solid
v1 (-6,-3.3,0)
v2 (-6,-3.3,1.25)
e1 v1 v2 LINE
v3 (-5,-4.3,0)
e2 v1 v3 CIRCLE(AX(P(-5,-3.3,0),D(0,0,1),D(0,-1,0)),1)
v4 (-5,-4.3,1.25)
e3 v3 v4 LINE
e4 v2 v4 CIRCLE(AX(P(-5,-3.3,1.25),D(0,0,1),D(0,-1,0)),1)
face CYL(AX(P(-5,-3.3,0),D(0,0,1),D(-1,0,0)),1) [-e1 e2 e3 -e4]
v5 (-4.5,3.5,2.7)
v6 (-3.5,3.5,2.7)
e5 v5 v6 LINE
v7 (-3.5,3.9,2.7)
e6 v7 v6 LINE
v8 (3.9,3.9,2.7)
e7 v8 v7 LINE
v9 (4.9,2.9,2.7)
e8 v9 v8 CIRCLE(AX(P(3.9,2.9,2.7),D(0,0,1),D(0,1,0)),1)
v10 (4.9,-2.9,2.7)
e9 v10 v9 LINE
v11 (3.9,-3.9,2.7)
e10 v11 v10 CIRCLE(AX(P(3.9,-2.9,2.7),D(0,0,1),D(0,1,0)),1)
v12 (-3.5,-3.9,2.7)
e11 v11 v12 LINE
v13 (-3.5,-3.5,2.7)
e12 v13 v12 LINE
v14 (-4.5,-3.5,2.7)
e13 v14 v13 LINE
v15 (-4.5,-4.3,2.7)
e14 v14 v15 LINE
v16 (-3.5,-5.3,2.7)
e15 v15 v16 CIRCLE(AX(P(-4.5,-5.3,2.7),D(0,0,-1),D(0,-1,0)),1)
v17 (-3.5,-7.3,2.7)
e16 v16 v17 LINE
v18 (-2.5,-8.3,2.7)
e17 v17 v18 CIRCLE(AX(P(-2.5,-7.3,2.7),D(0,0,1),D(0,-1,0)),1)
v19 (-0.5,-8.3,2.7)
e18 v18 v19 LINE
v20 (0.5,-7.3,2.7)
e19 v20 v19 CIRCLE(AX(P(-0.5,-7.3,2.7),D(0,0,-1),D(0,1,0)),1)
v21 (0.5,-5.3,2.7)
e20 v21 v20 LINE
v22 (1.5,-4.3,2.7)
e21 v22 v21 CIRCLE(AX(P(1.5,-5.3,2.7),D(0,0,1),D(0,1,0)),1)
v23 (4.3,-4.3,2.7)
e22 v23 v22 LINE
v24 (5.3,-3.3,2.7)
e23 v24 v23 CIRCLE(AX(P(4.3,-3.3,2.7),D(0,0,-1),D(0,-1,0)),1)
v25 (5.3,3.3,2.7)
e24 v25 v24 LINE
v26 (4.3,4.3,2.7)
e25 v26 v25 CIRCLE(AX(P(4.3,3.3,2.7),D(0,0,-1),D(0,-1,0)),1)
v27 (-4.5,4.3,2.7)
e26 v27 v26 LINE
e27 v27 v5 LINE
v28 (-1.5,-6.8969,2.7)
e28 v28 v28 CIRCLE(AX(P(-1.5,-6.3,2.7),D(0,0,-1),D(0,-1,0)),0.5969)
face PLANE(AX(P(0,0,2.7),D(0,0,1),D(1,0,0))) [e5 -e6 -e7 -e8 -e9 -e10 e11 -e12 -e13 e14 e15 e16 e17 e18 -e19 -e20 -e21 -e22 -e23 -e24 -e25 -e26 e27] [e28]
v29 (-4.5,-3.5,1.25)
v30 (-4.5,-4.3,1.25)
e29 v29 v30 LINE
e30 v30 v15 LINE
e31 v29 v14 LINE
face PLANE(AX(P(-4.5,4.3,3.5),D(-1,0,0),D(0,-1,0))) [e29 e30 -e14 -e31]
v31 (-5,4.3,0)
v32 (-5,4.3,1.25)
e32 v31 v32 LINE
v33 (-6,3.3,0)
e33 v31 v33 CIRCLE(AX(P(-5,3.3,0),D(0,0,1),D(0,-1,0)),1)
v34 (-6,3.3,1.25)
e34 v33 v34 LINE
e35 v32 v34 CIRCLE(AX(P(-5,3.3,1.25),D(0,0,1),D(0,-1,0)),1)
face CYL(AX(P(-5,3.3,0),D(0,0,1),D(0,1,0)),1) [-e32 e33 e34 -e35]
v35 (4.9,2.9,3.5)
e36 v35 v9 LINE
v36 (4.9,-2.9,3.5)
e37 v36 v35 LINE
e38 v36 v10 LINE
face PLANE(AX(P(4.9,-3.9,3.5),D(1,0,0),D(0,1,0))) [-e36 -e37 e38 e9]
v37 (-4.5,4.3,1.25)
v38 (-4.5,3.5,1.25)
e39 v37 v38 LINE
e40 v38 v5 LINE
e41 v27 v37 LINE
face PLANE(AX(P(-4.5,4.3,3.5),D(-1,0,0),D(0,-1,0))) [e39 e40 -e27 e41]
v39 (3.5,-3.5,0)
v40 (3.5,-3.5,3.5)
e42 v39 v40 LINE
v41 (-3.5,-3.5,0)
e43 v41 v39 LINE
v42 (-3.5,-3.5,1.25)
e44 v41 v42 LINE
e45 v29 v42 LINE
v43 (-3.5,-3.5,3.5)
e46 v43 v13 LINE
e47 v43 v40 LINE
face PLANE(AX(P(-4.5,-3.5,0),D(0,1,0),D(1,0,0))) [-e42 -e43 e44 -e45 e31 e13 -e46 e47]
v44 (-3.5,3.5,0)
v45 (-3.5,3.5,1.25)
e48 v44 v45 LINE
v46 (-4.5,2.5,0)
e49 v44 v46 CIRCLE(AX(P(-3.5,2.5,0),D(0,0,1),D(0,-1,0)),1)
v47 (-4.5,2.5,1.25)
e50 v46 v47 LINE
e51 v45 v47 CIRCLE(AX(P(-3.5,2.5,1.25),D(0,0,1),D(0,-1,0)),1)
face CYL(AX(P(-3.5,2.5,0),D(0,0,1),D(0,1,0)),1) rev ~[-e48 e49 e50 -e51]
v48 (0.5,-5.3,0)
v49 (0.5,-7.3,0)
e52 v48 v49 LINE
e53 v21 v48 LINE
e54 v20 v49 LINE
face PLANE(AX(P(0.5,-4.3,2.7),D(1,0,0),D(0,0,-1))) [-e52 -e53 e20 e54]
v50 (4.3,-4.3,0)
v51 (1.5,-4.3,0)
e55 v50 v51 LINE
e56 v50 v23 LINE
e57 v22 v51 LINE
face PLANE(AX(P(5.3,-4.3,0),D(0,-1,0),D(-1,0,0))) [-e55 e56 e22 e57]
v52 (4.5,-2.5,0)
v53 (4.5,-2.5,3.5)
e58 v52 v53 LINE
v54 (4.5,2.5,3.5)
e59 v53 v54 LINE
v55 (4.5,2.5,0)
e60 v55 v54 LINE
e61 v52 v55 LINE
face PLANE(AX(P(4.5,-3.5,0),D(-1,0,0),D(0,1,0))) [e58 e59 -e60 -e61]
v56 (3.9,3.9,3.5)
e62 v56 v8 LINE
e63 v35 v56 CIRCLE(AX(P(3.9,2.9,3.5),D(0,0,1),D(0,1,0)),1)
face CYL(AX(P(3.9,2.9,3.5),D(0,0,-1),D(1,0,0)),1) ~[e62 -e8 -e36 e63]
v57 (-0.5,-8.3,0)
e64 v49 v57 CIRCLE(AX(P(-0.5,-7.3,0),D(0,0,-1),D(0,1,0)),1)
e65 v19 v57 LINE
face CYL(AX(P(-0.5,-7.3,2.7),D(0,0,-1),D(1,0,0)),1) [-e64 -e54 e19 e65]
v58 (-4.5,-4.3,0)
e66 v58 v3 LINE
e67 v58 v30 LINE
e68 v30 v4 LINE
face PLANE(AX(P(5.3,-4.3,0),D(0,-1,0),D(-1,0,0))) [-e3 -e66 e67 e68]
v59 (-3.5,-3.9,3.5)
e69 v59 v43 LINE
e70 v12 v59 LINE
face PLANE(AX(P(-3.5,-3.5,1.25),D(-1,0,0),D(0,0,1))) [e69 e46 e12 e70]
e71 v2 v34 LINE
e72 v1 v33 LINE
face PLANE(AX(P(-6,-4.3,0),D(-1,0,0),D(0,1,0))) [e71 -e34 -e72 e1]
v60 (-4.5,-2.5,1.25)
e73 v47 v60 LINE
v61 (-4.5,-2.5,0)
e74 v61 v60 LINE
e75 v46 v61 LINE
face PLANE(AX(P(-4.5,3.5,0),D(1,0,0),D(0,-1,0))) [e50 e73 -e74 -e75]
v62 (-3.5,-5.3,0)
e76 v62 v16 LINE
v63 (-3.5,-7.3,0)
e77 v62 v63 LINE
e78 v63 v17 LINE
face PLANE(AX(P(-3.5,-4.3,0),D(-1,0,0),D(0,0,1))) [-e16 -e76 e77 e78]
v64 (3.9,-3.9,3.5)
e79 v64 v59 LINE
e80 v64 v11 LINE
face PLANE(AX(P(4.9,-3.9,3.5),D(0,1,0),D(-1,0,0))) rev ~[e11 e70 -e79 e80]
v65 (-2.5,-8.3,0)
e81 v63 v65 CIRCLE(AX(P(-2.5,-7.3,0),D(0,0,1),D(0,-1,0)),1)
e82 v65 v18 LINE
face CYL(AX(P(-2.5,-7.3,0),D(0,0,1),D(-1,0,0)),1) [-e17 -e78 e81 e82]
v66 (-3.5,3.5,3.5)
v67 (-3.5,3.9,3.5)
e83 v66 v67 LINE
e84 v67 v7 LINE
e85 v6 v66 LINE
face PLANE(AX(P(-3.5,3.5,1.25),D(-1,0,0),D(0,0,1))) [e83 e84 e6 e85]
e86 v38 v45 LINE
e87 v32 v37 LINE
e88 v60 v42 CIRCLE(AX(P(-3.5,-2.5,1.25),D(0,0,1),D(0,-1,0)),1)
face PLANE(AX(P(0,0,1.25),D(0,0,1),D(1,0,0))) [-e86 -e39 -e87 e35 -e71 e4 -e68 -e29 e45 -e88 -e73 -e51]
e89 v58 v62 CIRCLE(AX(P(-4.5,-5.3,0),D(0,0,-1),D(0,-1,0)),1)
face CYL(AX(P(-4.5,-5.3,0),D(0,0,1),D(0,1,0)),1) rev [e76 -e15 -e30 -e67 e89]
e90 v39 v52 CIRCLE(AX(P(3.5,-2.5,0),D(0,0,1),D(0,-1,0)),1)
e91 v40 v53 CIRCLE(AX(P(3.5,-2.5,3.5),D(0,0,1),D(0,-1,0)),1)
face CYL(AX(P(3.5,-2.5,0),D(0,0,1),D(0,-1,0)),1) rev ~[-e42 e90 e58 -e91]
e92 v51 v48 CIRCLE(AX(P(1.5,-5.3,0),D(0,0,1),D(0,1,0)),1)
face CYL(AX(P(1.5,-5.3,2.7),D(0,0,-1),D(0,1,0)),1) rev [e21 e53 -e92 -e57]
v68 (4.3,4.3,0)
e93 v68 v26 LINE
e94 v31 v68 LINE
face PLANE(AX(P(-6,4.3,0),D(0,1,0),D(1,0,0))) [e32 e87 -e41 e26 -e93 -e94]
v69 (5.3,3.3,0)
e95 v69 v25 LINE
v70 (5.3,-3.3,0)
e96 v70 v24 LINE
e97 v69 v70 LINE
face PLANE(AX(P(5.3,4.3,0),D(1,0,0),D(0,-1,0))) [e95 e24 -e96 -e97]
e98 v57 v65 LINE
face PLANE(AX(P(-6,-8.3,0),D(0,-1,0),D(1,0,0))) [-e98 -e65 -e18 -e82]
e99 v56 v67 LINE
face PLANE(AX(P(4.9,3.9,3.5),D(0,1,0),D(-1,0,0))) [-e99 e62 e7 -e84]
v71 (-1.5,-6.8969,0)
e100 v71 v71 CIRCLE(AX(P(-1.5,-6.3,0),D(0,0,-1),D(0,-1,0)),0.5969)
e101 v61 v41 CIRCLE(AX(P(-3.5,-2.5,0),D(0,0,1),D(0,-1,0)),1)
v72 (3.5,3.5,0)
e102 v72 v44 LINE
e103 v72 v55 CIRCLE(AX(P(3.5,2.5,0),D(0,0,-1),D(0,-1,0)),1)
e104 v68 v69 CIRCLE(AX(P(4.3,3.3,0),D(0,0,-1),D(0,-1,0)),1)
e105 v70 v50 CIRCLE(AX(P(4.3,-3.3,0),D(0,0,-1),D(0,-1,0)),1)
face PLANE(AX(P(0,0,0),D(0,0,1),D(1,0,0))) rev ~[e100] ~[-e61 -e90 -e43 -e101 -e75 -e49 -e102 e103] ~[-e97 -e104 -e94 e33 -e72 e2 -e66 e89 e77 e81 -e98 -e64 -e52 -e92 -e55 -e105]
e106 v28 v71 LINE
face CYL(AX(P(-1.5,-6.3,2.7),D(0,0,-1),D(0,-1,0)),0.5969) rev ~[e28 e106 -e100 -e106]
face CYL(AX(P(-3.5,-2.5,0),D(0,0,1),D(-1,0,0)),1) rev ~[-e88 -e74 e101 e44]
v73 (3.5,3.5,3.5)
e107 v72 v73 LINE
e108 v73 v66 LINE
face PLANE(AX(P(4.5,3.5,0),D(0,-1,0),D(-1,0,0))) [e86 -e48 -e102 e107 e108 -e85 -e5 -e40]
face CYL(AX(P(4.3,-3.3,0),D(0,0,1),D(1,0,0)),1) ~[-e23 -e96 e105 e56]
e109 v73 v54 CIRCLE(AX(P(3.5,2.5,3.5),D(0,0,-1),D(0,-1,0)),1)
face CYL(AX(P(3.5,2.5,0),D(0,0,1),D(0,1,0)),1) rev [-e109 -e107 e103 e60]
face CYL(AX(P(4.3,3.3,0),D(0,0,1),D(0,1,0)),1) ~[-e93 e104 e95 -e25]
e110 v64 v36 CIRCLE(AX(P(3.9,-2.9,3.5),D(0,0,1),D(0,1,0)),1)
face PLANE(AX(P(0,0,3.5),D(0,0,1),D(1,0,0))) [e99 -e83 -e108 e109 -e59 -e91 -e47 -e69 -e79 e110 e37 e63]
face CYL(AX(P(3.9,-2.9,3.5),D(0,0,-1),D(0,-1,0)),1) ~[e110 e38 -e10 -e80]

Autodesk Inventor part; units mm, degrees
ref_plane "YZ Plane" through (0, 0, 0) normal (1, 0, 0) x (0, 1, 0)
ref_plane "XZ Plane" through (0, 0, 0) normal (0, 1, 0) x (-1, 0, 0)
ref_plane "XY Plane" through (0, 0, 0) normal (0, 0, 1) x (1, 0, 0)
sketch "Sketch1" plane through (0, 0, 0) normal (0, 0, 1) x (1, 0, 0)
  circle A0 centre (0, 0) radius 3.5 construction
  circle A1 centre (0, 0) radius 4.5 construction
  line L0 (0, 0) -> (4.5, 0) construction
  line L1 (4.5, 0) -> (4.5, 3.5) construction
  line L2 (4.5, 3.5) -> (0, 3.5) construction
  line L3 (0, 3.5) -> (0, 0) construction
  line L4 (4.5, 3.5) -> (-4.5, 3.5)
  line L5 (-4.5, 3.5) -> (-4.5, -3.5)
  line L6 (-4.5, -3.5) -> (4.5, -3.5)
  line L7 (4.5, -3.5) -> (4.5, 3.5)
  line L8 (-4.5, 3.5) -> (-6, 3.5) construction
  line L9 (-6, 3.5) -> (-6, -3.5) construction
  line L10 (-6, -3.5) -> (-4.5, -3.5) construction
  line L11 (-4.5, -3.5) -> (-4.5, 3.5) construction
  line L12 (-6, 3.5) -> (4.5, 3.5) construction
  line L13 (4.5, 3.5) -> (4.5, 4.3) construction
  line L14 (4.5, 4.3) -> (-6, 4.3) construction
  line L15 (-6, 4.3) -> (-6, 3.5) construction
  line L16 (-6, -3.5) -> (4.5, -3.5) construction
  line L17 (4.5, -3.5) -> (4.5, -4.3) construction
  line L18 (4.5, -4.3) -> (-6, -4.3) construction
  line L19 (-6, -4.3) -> (-6, -3.5) construction
  line L20 (4.5, -4.3) -> (5.3, -4.3) construction
  line L21 (5.3, -4.3) -> (5.3, 4.3) construction
  line L22 (5.3, 4.3) -> (4.5, 4.3) construction
  line L23 (4.5, 4.3) -> (4.5, -4.3) construction
  line L24 (-6, 4.3) -> (5.3, 4.3)
  line L25 (5.3, 4.3) -> (5.3, -4.3)
  line L26 (5.3, -4.3) -> (-6, -4.3)
  line L27 (-6, -4.3) -> (-6, 4.3)
  dimension "d0" = 7
  dimension "d1" = 9
  dimension "d2" = 4.5
  dimension "d3" = 3.5
  dimension "d4" = 1.5
  dimension "d5" = 0.8
  dimension "d6" = 0.8
  dimension "d7" = 0.8
extrude "Extrusion1" add sketch "Sketch1" along normal blind 3.5
sketch "Sketch2" plane through (0, 0, 3.5) normal (0, 0, 1) x (1, 0, 0)
  line L0 (5.3, -4.3) -> (-6, -4.3) projected
  line L1 (-6, 4.3) -> (-4.5, 4.3)
  line L2 (-4.5, 4.3) -> (-4.5, -4.3)
  line L3 (-4.5, -4.3) -> (-6, -4.3)
  line L4 (-6, -4.3) -> (-6, 4.3)
  point P0 (0, 0)
extrude "Extrusion2" cut sketch "Sketch2" against normal blind 2.25
sketch "Sketch3" plane through (0, 0, 3.5) normal (0, 0, 1) x (1, 0, 0)
  line L0 (-4.5, -3.5) -> (-4.5, -4.3) projected
  line L1 (5.3, -4.3) -> (-4.5, -4.3) projected
  line L2 (5.3, 4.3) -> (5.3, -4.3) projected
  line L3 (-4.5, 4.3) -> (5.3, 4.3) construction
  line L4 (5.3, 4.3) -> (5.3, 3.9) construction
  line L5 (5.3, 3.9) -> (-4.5, 3.9) construction
  line L6 (-4.5, 3.9) -> (-4.5, 4.3) construction
  line L7 (5.3, 4.3) -> (4.9, 4.3) construction
  line L8 (4.9, 4.3) -> (4.9, -4.3) construction
  line L9 (4.9, -4.3) -> (5.3, -4.3) construction
  line L10 (5.3, -4.3) -> (5.3, 4.3) construction
  line L11 (5.3, -4.3) -> (-4.5, -4.3) construction
  line L12 (-4.5, -4.3) -> (-4.5, -3.9) construction
  line L13 (-4.5, -3.9) -> (5.3, -3.9) construction
  line L14 (5.3, -3.9) -> (5.3, -4.3) construction
  line L15 (-4.5, 3.9) -> (-4.5, 4.3)
  line L16 (5.3, 4.3) -> (5.3, -4.3)
  line L17 (-4.5, -4.3) -> (-4.5, -3.9)
  line L18 (4.9, -3.9) -> (4.9, 3.9)
  line L19 (4.9, 3.9) -> (-4.5, 3.9)
  line L20 (-4.5, 4.3) -> (5.3, 4.3)
  line L21 (4.9, -3.9) -> (-4.5, -3.9)
  line L22 (-4.5, -4.3) -> (5.3, -4.3)
  point P0 (0, 0)
  dimension "d12" = 0.4
  dimension "d13" = 0.4
  dimension "d14" = 0.4
extrude "Extrusion3" cut sketch "Sketch3" against normal blind 0.8
sketch "Sketch4" plane through (-6, -4.3, 0) normal (0, -1, 0) x (1, 0, 0)
  line L0 (11.3, 2.7) -> (1.5, 2.7) projected
  line L1 (11.3, 0) -> (0, 0) projected
  line L2 (12.285, 1.4959) -> (-1.3636, 1.4959) construction
  line L3 (6, 1.4959) -> (8, 1.4959) construction
  line L4 (8, 2.7) -> (6, 2.7) construction
  line L5 (8, 2.7) -> (4, 2.7)
  line L6 (1.5, 2.7) -> (2.5, 2.7) construction
  line L7 (2.5, 2.7) -> (2.5, 0) construction
  line L8 (2.5, 0) -> (1.5, 0) construction
  line L9 (1.5, 0) -> (1.5, 2.7) construction
  line L10 (2.5, 2.7) -> (6.5, 2.7)
  line L11 (6.5, 2.7) -> (6.5, 0)
  line L12 (6.5, 0) -> (2.5, 0)
  line L13 (2.5, 0) -> (2.5, 2.7)
  point P0 (6, 0)
  point P1 (4, 0)
  dimension "d29" = 1
  dimension "d30" = 4
extrude "Extrusion4" add sketch "Sketch4" along normal blind 4
fillet "Fillet1" radius 1 14 edges at (5.3, -4.3, 1.35) (4.9, -3.9, 3.1) (-6, -4.3, 0.625) (-6, 4.3, 0.625) (4.9, 3.9, 3.1) (5.3, 4.3, 1.35) (-3.5, -4.3, 1.35) (0.5, -4.3, 1.35) (0.5, -8.3, 1.35) (-3.5, -8.3, 1.35) (4.5, 3.5, 1.75) (4.5, -3.5, 1.75) (-4.5, 3.5, 0.625) (-4.5, -3.5, 0.625)
sketch "Sketch6" plane through (0, 0, 2.7) normal (0, 0, 1) x (1, 0, 0)
  point P0 (0, 0)
  point P1 (-1.5, -6.3)
hole "Hole2" at (-1.5, -6.3, 2.7) direction (0, 0, -1) diameter 1.1938 end through all
sketch "Sketch7" plane through (-4.5, 3.5, 1.25) normal (-1, 0, 0) x (0, 0, 1)
  line L0 (0, 0) -> (2.25, 0) projected
  line L1 (2.25, 0.4) -> (1.45, 0.4)
  line L2 (1.45, 0.4) -> (1.45, 0)
  line L3 (1.45, 0) -> (2.25, 0)
  line L4 (2.25, 0) -> (2.25, 0.4)
  point P0 (-1.25, -3.5)
extrude "Extrusion5" cut sketch "Sketch7" against normal blind 1
sketch "Sketch8" plane through (-4.5, -3.5, 1.25) normal (-1, 0, 0) x (0, 0, 1)
  line L0 (2.25, 0) -> (1.45, 0)
  line L1 (1.45, 0) -> (1.45, -0.4)
  line L2 (1.45, -0.4) -> (2.25, -0.4)
  line L3 (2.25, -0.4) -> (2.25, 0)
  point P0 (-1.25, 3.5)
extrude "Extrusion6" cut sketch "Sketch8" against normal blind 1
properties part number "window_f"
